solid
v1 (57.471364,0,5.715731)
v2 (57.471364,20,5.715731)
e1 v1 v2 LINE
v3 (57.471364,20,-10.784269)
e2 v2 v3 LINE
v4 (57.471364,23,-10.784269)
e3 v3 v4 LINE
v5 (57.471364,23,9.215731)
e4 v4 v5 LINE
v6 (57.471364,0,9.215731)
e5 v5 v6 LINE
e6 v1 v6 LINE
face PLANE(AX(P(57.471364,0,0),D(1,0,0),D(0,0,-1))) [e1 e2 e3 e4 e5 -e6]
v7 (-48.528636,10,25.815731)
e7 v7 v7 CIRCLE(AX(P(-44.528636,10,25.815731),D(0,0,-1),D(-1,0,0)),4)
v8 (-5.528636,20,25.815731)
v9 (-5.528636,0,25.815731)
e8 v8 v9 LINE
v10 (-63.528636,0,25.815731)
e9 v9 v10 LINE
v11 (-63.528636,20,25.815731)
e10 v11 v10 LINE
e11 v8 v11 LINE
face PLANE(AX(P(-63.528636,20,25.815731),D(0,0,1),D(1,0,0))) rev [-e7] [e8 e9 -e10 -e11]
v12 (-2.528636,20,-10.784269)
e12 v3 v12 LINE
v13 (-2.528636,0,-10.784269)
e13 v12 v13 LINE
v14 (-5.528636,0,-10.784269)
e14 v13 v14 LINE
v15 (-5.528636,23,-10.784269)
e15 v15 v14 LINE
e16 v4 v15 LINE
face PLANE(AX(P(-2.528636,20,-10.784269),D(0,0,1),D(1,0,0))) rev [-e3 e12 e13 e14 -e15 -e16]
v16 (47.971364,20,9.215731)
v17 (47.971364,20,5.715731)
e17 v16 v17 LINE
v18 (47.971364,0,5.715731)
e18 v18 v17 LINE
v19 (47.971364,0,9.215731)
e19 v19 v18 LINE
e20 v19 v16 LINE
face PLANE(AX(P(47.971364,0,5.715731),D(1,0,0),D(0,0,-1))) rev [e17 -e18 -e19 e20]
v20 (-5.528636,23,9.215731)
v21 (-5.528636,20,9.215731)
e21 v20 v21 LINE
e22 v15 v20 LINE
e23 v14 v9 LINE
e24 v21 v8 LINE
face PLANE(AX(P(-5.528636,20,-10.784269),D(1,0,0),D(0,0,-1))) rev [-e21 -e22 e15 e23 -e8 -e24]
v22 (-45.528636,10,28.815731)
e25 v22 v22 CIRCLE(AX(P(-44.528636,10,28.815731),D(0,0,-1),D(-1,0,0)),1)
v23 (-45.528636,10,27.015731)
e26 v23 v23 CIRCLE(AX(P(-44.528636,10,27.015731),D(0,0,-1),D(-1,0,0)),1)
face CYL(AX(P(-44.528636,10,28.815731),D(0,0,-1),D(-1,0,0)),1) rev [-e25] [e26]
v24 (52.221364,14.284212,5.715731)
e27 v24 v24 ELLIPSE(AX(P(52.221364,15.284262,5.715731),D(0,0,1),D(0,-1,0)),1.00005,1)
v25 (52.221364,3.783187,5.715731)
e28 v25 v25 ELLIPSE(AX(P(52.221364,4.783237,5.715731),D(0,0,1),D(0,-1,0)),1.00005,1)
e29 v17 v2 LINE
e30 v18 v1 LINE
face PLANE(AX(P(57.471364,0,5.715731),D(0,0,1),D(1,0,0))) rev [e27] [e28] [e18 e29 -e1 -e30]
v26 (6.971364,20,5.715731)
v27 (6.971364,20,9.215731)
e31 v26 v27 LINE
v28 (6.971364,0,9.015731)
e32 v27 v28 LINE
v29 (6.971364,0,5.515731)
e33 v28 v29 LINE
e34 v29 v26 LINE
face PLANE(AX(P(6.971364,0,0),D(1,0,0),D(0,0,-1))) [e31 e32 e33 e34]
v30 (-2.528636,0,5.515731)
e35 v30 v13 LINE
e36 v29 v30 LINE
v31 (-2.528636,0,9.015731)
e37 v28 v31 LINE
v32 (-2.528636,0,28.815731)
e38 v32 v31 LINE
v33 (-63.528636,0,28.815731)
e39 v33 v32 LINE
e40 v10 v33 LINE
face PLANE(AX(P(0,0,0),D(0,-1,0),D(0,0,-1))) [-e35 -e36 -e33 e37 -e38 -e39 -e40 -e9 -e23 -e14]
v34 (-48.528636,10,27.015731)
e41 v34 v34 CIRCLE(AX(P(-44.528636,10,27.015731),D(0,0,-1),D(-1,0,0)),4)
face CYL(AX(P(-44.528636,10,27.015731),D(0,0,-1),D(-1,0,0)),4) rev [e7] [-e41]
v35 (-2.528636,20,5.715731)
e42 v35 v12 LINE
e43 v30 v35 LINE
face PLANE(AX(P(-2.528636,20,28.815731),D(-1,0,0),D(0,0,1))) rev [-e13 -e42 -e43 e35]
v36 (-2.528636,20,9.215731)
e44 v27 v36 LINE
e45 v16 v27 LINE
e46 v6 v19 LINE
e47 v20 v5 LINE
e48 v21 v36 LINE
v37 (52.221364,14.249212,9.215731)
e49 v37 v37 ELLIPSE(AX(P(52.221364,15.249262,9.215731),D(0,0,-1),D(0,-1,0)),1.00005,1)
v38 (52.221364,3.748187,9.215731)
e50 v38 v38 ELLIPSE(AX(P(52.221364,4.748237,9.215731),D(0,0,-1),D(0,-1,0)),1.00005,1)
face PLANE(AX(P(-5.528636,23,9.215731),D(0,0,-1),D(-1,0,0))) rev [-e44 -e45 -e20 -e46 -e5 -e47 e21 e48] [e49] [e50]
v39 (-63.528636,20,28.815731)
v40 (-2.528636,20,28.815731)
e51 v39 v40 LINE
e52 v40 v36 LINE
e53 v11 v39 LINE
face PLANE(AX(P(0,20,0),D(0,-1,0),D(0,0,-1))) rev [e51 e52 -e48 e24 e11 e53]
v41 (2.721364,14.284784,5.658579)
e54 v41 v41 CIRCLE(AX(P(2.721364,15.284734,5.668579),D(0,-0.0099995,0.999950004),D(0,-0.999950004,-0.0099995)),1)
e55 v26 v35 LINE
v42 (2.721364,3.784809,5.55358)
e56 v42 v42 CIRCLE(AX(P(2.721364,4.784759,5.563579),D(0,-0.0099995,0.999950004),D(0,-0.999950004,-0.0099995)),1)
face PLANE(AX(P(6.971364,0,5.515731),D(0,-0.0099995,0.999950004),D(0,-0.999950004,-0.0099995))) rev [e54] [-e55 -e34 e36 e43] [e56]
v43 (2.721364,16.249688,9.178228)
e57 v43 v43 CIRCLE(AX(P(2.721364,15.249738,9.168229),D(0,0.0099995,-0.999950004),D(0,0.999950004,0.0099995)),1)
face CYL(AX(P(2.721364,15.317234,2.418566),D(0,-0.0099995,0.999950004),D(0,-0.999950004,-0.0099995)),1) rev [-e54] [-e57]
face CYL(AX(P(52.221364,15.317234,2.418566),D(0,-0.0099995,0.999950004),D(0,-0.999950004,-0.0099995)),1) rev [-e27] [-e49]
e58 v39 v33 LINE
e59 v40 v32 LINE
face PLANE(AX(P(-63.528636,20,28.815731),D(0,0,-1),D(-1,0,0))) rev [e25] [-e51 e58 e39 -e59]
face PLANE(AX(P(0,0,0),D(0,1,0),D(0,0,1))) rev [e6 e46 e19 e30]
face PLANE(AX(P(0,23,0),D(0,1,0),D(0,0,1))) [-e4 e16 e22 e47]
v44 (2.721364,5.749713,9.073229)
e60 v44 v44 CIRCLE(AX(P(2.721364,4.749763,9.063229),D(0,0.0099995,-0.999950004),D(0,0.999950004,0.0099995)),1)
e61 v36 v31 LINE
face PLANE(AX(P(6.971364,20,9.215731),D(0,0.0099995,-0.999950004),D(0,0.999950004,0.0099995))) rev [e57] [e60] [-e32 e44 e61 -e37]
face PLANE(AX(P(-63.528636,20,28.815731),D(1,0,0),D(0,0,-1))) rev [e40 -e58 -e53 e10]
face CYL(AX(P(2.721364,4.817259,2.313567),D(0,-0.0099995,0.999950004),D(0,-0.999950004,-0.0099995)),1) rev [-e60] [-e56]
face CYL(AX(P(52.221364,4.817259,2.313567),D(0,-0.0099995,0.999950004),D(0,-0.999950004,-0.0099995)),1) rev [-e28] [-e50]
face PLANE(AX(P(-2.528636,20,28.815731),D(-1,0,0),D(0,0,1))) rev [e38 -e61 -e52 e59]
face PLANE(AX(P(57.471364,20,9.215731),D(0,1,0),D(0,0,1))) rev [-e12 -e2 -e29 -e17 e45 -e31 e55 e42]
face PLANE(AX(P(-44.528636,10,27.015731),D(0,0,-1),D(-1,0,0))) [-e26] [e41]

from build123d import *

# Parameters (mm, degrees)
SALIENTE_EXTRUIR1_DEPTH = 20
CROQUIS2_W              = 3
CROQUIS2_H              = 20
SALIENTE_EXTRUIR2_DEPTH = 3
CROQUIS3_W              = 20
CROQUIS3_H              = 3
SALIENTE_EXTRUIR3_DEPTH = 60
SALIENTE_EXTRUIR4_DEPTH = 9.5
CROQUIS5_W              = 9.5
CROQUIS5_H              = 3.5
SALIENTE_EXTRUIR6_DEPTH = 20
CROQUIS6_R              = 4
CORTAR_EXTRUIR1_DEPTH   = 1.2
CROQUIS7_R              = 1
CORTAR_EXTRUIR2_DEPTH   = 1.8
CROQUIS8_R              = 1
CORTAR_EXTRUIR4_DEPTH   = 6.75


with BuildPart() as part:
    # Croquis1 → Saliente-Extruir1 (new body)
    with BuildSketch(Plane(origin=(0, 0, 0), x_dir=(1, 0, 0), z_dir=(0, 1, 0))):
        Polygon((-63.528635851, -28.815731451), (-2.528635851, -28.815731451), (-2.528635851, 10.784268549), (-5.528635851, 10.784268549), (-5.528635851, -25.815731451), (-63.528635851, -25.815731451), align=None)
    extrude(amount=SALIENTE_EXTRUIR1_DEPTH)

    # Croquis2 → Saliente-Extruir2 (add)
    with BuildSketch(Plane(origin=(0, 20, 0), x_dir=(1, 0, 0), z_dir=(0, 1, 0))):
        with Locations((-4.028635851, 0.784268549)):
            Rectangle(CROQUIS2_W, CROQUIS2_H)
    extrude(amount=SALIENTE_EXTRUIR2_DEPTH)

    # Croquis3 → Saliente-Extruir3 (add)
    with BuildSketch(Plane(origin=(-2.528635851, 0, 0), x_dir=(0, 0, -1), z_dir=(1, 0, 0))):
        with Locations((0.784268549, 21.5)):
            Rectangle(CROQUIS3_W, CROQUIS3_H)
    extrude(amount=SALIENTE_EXTRUIR3_DEPTH)

    # Croquis4 → Saliente-Extruir4 (add)
    with BuildSketch(Plane(origin=(-2.528635851, 0, 0), x_dir=(0, 0, -1), z_dir=(1, 0, 0))):
        Polygon((-9.215731451, 20), (-9.015731451, 0), (-5.515731451, 0), (-5.715731451, 20), align=None)
    extrude(amount=SALIENTE_EXTRUIR4_DEPTH)

    # Croquis5 → Saliente-Extruir6 (add)
    with BuildSketch(Plane.XZ.offset(-20)):
        with Locations((52.721364149, 7.465731451)):
            Rectangle(CROQUIS5_W, CROQUIS5_H)
    extrude(amount=SALIENTE_EXTRUIR6_DEPTH)

    # Croquis6 → Cortar-Extruir1 (cut)
    with BuildSketch(Plane(origin=(0, 0, 25.815731451), x_dir=(-1, 0, 0), z_dir=(0, 0, -1))):
        with Locations((44.528635851, 10)):
            Circle(CROQUIS6_R)
    extrude(amount=-CORTAR_EXTRUIR1_DEPTH, mode=Mode.SUBTRACT)

    # Croquis7 → Cortar-Extruir2 (cut)
    with BuildSketch(Plane(origin=(0, 0, 27.015731451), x_dir=(-1, 0, 0), z_dir=(0, 0, -1))):
        with Locations((44.528635851, 10)):
            Circle(CROQUIS7_R)
    extrude(amount=-CORTAR_EXTRUIR2_DEPTH, mode=Mode.SUBTRACT)

    # Croquis8 → Cortar-Extruir4 (cut, symmetric)
    with BuildSketch(Plane(origin=(0, -0.0901483, 9.014829968), x_dir=(1, 0, 0), z_dir=(0, -0.009999500037496644, 0.9999500037496877))):
        with Locations(Location((2.721364149, 15.340652794, 0), (0, 0, 270))):
            Circle(CROQUIS8_R)
        with Locations(Location((2.721364149, 4.840152807, 0), (0, 0, 270))):
            Circle(CROQUIS8_R)
        with Locations(Location((52.221364149, 15.340652794, 0), (0, 0, 270))):
            Circle(CROQUIS8_R)
        with Locations(Location((52.221364149, 4.840152807, 0), (0, 0, 270))):
            Circle(CROQUIS8_R)
    extrude(amount=CORTAR_EXTRUIR4_DEPTH, both=True, mode=Mode.SUBTRACT)


solid = part.part
